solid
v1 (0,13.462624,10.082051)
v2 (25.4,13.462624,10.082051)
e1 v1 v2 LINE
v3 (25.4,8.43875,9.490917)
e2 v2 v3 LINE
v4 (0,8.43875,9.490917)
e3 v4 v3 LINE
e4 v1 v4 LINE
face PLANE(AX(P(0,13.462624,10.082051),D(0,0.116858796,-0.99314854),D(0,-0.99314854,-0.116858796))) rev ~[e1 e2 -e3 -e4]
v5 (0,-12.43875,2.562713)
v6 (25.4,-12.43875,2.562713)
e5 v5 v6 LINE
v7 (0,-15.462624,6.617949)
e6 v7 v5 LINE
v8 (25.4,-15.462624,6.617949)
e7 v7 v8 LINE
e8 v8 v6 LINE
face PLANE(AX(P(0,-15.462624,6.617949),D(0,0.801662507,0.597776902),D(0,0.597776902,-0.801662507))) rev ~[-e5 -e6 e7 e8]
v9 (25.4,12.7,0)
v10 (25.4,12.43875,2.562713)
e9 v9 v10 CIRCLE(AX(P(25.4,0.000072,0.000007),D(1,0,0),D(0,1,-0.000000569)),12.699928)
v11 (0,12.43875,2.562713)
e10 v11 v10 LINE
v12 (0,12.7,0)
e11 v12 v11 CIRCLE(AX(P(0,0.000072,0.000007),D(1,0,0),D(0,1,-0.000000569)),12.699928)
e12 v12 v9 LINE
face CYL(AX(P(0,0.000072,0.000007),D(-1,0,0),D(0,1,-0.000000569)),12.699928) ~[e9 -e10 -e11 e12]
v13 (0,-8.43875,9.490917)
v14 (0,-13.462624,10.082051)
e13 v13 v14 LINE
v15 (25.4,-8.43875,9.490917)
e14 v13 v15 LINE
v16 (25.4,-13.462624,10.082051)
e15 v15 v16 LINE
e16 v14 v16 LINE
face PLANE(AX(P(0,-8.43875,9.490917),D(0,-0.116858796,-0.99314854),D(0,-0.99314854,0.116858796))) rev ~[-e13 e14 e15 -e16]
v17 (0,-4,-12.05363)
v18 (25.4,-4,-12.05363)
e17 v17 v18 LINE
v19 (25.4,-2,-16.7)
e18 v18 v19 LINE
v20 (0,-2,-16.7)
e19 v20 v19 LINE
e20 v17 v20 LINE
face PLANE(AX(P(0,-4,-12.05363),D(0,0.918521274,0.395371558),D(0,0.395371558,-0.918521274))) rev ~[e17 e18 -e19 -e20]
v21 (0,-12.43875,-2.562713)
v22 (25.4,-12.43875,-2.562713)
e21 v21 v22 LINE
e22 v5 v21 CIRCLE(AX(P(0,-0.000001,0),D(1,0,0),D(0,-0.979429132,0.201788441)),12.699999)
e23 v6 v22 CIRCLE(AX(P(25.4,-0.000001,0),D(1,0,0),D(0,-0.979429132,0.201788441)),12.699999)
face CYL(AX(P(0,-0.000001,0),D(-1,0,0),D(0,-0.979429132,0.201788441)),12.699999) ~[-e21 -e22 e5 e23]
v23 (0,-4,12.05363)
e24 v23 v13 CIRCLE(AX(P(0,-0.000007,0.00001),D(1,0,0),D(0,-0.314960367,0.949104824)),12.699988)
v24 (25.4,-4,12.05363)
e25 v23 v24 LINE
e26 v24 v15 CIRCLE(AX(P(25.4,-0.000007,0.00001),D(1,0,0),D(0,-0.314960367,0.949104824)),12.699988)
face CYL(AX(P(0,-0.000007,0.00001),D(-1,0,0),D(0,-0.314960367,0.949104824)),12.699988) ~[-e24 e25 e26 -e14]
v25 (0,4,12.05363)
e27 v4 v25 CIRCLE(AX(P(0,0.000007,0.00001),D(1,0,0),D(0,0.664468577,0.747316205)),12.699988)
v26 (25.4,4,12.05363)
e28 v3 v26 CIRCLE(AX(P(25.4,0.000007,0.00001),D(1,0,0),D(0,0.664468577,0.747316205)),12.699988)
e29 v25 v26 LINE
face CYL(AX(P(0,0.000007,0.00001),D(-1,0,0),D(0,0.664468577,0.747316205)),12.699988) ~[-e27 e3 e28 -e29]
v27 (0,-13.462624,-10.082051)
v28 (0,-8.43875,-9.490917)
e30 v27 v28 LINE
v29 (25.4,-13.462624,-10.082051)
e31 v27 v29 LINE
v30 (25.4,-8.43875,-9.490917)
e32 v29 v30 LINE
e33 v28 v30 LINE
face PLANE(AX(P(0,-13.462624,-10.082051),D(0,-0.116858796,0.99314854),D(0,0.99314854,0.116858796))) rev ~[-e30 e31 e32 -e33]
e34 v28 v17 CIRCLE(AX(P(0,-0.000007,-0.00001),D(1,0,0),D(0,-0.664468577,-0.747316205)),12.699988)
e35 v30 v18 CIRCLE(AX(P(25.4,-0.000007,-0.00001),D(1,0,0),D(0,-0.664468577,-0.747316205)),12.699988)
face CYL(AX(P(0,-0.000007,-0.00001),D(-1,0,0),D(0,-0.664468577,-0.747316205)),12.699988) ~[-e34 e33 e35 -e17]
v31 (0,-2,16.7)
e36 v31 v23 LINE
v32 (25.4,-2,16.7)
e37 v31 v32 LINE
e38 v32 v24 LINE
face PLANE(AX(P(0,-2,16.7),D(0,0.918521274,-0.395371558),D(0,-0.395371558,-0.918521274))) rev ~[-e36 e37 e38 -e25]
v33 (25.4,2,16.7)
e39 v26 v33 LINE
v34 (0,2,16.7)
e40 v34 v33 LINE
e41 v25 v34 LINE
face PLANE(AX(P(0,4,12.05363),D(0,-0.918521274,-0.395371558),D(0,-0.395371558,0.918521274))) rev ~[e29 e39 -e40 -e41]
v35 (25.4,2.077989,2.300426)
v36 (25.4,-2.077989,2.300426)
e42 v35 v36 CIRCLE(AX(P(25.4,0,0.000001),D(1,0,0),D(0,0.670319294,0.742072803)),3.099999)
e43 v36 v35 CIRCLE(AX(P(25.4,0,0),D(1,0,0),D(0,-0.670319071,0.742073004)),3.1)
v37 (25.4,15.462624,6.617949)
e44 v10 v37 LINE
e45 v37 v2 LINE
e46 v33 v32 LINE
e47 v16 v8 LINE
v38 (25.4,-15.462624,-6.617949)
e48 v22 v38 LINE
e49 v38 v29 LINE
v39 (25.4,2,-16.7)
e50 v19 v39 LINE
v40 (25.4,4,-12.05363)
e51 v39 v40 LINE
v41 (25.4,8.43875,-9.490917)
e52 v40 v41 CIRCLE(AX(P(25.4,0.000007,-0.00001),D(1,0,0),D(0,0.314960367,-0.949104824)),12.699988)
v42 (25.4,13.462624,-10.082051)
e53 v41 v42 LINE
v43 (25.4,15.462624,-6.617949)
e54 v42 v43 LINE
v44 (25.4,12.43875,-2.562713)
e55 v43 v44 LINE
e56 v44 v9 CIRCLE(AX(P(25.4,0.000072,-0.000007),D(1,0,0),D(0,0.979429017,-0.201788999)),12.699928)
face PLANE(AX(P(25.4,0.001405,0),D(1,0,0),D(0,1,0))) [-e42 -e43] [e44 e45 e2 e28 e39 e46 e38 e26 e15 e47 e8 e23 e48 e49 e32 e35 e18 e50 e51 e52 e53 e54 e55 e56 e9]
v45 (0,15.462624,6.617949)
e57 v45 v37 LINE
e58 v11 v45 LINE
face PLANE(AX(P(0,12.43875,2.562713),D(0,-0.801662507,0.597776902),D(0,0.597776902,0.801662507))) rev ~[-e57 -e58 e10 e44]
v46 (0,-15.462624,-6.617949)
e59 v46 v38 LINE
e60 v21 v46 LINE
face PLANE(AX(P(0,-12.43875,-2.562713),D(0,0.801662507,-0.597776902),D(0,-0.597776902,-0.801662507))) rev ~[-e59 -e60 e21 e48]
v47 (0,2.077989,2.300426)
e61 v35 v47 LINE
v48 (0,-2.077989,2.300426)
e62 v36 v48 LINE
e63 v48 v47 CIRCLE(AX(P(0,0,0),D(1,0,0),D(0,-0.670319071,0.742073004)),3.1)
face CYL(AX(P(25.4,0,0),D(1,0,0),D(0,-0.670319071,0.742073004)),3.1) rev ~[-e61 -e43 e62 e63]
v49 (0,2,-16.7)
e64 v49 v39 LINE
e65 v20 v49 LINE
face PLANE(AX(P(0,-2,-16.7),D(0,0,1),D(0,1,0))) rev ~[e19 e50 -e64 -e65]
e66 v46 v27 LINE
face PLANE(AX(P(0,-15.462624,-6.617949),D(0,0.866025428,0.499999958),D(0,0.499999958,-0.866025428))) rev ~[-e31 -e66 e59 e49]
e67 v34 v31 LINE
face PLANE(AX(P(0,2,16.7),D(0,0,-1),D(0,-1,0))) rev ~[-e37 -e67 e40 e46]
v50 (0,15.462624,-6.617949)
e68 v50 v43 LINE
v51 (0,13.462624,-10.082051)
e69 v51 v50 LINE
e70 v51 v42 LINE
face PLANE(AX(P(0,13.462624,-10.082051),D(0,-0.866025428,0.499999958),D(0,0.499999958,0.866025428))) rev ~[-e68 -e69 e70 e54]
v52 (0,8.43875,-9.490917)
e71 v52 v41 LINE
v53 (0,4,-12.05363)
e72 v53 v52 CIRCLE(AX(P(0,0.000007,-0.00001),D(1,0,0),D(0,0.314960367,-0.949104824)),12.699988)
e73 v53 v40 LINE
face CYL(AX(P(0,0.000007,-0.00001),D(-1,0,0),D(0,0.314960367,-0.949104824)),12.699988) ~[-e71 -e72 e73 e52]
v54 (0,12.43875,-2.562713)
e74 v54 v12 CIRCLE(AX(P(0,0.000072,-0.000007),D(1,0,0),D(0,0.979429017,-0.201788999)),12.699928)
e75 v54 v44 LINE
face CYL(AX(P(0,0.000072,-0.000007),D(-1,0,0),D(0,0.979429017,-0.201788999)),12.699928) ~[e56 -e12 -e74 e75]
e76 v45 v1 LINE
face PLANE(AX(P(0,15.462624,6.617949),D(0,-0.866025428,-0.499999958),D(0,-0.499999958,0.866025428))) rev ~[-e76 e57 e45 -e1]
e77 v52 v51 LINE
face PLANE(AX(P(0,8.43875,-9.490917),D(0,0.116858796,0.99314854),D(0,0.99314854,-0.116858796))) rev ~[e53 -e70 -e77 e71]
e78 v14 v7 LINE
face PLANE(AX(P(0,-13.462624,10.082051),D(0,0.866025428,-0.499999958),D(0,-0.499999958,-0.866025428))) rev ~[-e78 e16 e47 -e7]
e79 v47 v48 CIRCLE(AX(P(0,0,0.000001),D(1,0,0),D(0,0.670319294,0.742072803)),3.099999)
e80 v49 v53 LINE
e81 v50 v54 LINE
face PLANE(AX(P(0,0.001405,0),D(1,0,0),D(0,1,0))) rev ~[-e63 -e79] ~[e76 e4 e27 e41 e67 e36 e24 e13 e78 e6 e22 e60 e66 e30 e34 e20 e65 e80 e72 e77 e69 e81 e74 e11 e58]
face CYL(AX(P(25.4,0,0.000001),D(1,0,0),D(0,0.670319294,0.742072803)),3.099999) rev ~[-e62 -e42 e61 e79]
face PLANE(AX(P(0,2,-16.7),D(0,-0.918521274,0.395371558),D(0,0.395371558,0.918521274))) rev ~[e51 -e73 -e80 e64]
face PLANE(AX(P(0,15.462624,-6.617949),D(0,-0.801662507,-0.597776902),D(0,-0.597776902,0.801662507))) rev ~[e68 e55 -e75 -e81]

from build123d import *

# Parameters (mm, degrees)
F1_DEPTH = 25.4
F3_DEPTH = 25.4


with BuildPart() as f1:
    # F0 (on Right) → F1 (new body)
    with BuildSketch(Plane.YZ):
        with BuildLine():
            ThreePointArc((12.43875, -2.562713), (12.634519, -1.287998), (12.7, 0))
            ThreePointArc((12.7, 0), (12.634519, 1.287998), (12.43875, 2.562713))
            ThreePointArc((12.43875, 2.562713), (10.998523, 6.35), (8.43875, 9.490917))
            ThreePointArc((8.43875, 9.490917), (6.35, 10.998523), (4, 12.05363))
            ThreePointArc((4, 12.05363), (0, 12.7), (-4, 12.05363))
            ThreePointArc((-4, 12.05363), (-6.35, 10.998523), (-8.43875, 9.490917))
            ThreePointArc((-8.43875, 9.490917), (-10.998523, 6.35), (-12.43875, 2.562713))
            ThreePointArc((-12.43875, 2.562713), (-12.7, 0), (-12.43875, -2.562713))
            ThreePointArc((-12.43875, -2.562713), (-10.998523, -6.35), (-8.43875, -9.490917))
            ThreePointArc((-8.43875, -9.490917), (-6.35, -10.998523), (-4, -12.05363))
            ThreePointArc((-4, -12.05363), (0, -12.7), (4, -12.05363))
            ThreePointArc((4, -12.05363), (6.35, -10.998523), (8.43875, -9.490917))
            ThreePointArc((8.43875, -9.490917), (10.998523, -6.35), (12.43875, -2.562713))
        make_face()
        with BuildLine():
            ThreePointArc((8.43875, 9.490917), (10.998523, 6.35), (12.43875, 2.562713))
            Line((12.43875, 2.562713), (15.462624, 6.617949))
            Line((15.462624, 6.617949), (14.462624, 8.35))
            Line((14.462624, 8.35), (13.462624, 10.082051))
            Line((13.462624, 10.082051), (8.43875, 9.490917))
        make_face()
        with BuildLine():
            Line((15.462624, -6.617949), (12.43875, -2.562713))
            ThreePointArc((12.43875, -2.562713), (10.998523, -6.35), (8.43875, -9.490917))
            Line((8.43875, -9.490917), (13.462624, -10.082051))
            Line((13.462624, -10.082051), (14.462624, -8.35))
            Line((14.462624, -8.35), (15.462624, -6.617949))
        make_face()
        with BuildLine():
            ThreePointArc((-4, 12.05363), (0, 12.7), (4, 12.05363))
            Line((4, 12.05363), (2, 16.7))
            Line((2, 16.7), (0, 16.7))
            Line((0, 16.7), (-2, 16.7))
            Line((-2, 16.7), (-4, 12.05363))
        make_face()
        with BuildLine():
            Line((2, -16.7), (4, -12.05363))
            ThreePointArc((4, -12.05363), (0, -12.7), (-4, -12.05363))
            Line((-4, -12.05363), (-2, -16.7))
            Line((-2, -16.7), (0, -16.7))
            Line((0, -16.7), (2, -16.7))
        make_face()
        with BuildLine():
            ThreePointArc((-12.43875, 2.562713), (-10.998523, 6.35), (-8.43875, 9.490917))
            Line((-8.43875, 9.490917), (-13.462624, 10.082051))
            Line((-13.462624, 10.082051), (-14.462624, 8.35))
            Line((-14.462624, 8.35), (-15.462624, 6.617949))
            Line((-15.462624, 6.617949), (-12.43875, 2.562713))
        make_face()
        with BuildLine():
            Line((-13.462624, -10.082051), (-8.43875, -9.490917))
            ThreePointArc((-8.43875, -9.490917), (-10.998523, -6.35), (-12.43875, -2.562713))
            Line((-12.43875, -2.562713), (-15.462624, -6.617949))
            Line((-15.462624, -6.617949), (-14.462624, -8.35))
            Line((-14.462624, -8.35), (-13.462624, -10.082051))
        make_face()
    extrude(amount=F1_DEPTH)

    # F2 (on face) → F3 (cut)
    with BuildSketch(Plane.YZ.offset(25.4)):
        with BuildLine():
            ThreePointArc((2.077989, 2.300426), (0, 3.1), (-2.077989, 2.300426))
            ThreePointArc((-2.077989, 2.300426), (0, -3.1), (2.077989, 2.300426))
        make_face()
    extrude(amount=-F3_DEPTH, mode=Mode.SUBTRACT)


solid = f1.part
